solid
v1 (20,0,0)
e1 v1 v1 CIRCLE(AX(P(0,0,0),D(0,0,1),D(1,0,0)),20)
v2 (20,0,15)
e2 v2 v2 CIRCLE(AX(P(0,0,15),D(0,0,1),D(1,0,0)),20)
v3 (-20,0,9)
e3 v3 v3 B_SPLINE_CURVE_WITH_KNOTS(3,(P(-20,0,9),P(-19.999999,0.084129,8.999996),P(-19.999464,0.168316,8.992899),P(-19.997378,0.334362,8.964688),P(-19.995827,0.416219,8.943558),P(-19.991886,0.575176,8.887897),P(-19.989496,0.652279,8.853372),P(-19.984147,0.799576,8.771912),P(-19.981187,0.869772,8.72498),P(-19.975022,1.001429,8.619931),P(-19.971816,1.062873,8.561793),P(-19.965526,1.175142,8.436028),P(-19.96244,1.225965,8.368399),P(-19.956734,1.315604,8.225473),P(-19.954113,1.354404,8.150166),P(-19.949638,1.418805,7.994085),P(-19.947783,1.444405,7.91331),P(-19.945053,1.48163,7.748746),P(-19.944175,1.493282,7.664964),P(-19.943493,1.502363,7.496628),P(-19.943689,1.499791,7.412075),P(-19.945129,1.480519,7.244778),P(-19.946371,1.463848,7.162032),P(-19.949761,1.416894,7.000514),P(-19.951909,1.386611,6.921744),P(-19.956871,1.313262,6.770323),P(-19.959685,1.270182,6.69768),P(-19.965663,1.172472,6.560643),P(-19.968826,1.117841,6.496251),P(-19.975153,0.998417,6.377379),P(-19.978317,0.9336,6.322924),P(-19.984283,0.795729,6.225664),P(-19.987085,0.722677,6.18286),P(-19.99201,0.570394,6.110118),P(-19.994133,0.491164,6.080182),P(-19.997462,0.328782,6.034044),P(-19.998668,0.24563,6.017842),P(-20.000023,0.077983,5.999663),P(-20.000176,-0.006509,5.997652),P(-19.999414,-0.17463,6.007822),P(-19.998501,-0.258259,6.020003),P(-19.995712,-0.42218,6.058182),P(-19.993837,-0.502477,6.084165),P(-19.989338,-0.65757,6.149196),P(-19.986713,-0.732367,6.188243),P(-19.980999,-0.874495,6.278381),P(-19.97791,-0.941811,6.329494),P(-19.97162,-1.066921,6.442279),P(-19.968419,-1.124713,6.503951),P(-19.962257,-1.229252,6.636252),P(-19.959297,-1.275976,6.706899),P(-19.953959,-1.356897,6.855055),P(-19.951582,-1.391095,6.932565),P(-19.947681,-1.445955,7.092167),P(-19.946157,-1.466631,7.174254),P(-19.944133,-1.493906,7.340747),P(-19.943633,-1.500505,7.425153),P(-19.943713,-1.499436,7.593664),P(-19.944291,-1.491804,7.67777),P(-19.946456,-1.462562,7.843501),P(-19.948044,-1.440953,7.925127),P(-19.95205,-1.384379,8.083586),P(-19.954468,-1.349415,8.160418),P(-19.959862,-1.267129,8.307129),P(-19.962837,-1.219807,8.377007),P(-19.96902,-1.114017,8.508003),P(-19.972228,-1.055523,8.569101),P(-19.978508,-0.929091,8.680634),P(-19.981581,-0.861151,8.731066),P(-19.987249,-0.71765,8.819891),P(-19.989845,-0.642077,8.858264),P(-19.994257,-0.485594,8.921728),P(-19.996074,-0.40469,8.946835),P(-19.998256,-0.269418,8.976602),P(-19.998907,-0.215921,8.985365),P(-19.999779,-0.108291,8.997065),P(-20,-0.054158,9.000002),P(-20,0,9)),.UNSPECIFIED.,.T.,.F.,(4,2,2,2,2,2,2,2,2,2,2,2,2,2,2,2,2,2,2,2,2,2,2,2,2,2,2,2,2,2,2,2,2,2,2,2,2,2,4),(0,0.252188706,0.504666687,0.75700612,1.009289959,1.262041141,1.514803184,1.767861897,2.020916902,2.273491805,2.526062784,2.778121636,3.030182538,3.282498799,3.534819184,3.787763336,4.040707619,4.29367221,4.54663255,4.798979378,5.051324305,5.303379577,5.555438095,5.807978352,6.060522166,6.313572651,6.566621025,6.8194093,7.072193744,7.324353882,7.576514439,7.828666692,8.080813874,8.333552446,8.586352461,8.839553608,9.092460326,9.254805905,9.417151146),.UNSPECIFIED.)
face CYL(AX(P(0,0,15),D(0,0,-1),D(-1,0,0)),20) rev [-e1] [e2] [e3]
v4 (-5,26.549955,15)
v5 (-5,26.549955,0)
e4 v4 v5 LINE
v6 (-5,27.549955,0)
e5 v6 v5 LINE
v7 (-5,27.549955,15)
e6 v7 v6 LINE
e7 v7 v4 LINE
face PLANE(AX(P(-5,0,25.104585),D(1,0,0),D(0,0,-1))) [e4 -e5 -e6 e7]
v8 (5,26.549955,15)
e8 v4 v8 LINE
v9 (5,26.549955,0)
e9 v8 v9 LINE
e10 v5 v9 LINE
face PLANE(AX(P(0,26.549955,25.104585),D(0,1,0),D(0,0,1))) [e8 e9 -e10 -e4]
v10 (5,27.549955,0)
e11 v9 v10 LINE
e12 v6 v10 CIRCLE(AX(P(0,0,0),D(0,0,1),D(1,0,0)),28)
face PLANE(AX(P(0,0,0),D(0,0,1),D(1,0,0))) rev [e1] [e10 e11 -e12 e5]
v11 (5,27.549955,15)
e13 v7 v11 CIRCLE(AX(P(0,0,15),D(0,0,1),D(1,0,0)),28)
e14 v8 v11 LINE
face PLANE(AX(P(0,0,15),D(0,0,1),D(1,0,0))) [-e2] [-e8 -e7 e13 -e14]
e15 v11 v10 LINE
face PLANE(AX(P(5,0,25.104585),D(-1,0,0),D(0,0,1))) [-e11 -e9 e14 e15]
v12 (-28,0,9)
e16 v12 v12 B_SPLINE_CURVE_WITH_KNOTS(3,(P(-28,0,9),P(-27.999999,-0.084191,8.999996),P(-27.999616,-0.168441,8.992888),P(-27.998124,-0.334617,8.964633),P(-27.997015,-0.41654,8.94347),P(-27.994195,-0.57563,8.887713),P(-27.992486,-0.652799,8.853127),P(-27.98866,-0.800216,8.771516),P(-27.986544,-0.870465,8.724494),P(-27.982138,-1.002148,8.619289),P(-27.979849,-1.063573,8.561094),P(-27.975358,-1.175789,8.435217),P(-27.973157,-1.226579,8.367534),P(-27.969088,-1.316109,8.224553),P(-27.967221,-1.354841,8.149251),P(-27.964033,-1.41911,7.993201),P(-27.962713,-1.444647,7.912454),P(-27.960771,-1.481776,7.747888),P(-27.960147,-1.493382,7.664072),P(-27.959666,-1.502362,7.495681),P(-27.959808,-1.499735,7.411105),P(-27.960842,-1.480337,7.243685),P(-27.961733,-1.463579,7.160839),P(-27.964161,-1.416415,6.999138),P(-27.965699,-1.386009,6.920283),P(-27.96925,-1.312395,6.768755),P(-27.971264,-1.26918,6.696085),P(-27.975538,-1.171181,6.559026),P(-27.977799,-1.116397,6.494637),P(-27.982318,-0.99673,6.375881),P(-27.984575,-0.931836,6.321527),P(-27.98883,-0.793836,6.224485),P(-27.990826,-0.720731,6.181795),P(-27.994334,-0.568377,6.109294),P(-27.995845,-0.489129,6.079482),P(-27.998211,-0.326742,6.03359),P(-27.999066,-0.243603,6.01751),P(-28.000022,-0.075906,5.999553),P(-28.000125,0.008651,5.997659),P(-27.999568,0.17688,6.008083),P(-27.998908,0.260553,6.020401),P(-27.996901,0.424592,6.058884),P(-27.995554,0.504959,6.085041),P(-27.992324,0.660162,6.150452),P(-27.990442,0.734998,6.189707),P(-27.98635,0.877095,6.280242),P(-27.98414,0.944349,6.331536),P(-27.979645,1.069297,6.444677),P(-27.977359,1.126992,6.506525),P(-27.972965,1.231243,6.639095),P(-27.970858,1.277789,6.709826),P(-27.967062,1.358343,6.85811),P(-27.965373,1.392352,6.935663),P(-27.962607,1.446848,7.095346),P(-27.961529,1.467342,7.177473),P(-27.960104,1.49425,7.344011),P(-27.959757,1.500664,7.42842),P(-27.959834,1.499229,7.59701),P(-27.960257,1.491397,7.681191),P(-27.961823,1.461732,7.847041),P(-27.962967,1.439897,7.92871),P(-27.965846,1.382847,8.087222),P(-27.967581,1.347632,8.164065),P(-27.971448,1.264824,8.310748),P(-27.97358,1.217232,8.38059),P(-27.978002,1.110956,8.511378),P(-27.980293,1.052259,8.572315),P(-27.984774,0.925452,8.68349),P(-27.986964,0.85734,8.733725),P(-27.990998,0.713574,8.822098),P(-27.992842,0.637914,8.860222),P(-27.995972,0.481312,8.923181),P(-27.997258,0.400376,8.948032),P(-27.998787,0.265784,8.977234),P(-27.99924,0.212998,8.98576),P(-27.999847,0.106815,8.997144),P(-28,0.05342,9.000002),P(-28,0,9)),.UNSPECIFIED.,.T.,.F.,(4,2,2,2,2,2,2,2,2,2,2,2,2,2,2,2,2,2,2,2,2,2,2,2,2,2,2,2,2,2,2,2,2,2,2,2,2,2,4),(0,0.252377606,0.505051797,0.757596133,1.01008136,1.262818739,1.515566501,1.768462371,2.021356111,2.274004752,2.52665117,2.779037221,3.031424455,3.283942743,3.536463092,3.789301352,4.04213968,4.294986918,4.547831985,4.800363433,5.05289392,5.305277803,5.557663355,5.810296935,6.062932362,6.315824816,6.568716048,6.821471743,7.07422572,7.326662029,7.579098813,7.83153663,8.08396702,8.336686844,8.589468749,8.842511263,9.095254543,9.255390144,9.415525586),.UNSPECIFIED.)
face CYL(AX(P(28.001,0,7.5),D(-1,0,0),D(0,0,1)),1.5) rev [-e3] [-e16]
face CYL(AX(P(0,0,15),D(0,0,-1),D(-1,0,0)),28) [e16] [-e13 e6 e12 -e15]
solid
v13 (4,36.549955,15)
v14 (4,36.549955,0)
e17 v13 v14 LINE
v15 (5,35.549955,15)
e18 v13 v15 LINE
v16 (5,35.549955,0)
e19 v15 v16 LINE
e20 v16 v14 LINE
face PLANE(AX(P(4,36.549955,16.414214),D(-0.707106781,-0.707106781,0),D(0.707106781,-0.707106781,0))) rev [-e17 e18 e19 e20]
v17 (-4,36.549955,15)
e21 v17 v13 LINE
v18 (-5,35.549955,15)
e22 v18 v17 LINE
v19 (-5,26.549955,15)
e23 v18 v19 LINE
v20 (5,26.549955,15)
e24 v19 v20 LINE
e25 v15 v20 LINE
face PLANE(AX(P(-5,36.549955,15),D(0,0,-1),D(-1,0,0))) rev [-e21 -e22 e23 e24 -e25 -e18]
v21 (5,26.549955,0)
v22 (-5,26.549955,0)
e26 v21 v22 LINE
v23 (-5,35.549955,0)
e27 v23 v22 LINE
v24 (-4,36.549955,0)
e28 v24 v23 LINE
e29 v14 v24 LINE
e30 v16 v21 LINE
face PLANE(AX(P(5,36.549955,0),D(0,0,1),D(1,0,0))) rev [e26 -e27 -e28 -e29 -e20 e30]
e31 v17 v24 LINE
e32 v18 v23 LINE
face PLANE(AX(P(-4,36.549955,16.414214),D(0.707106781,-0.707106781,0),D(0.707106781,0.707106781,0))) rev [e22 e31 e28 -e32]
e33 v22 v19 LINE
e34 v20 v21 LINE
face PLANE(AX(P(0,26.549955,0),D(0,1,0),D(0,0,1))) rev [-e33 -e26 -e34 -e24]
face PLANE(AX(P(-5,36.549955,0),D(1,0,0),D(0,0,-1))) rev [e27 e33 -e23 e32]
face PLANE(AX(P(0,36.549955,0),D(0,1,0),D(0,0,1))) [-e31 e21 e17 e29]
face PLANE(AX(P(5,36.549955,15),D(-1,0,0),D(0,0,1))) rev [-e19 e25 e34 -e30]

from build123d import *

# Parameters (mm, degrees)
SKETCH1_R               = 28
SKETCH1_R_2             = 20
BOSS_EXTRUDE1_DEPTH     = 15
CUT_EXTRUDE1_REACH      = 66.382
CUT_EXTRUDE1_END_RADIUS = 20
SKETCH2_R               = 1.5
SKETCH3_W               = 5
SKETCH3_H               = 1
CUT_EXTRUDE2_DEPTH      = 15
SKETCH5_W               = 10
SKETCH5_H               = 15
BOSS_EXTRUDE2_DEPTH     = 10
CUT_EXTRUDE3_DEPTH      = 15


with BuildPart() as part:
    # Sketch1 → Boss-Extrude1 (new body)
    with BuildSketch(Plane.XY):
        Circle(SKETCH1_R)
        Circle(SKETCH1_R_2, mode=Mode.SUBTRACT)
    extrude(amount=BOSS_EXTRUDE1_DEPTH)

    # Cut-Extrude1: up to this cylinder (the profile starts outside it)
    cut_extrude1_end = Plane(origin=(0, 0, 7.5), z_dir=(0, 0, -1)) * Cylinder(CUT_EXTRUDE1_END_RADIUS, 173.764, mode=Mode.PRIVATE)
    # Sketch2 → Cut-Extrude1 (cut, up to the surface)
    with BuildSketch(Plane.ZY.offset(28), mode=Mode.PRIVATE) as cut_extrude1_sk1:
        with Locations((7.5, 0)):
            Circle(SKETCH2_R)
    cut_extrude1_tool1 = extrude(cut_extrude1_sk1.sketch, amount=-CUT_EXTRUDE1_REACH, mode=Mode.PRIVATE) - cut_extrude1_end
    add(cut_extrude1_tool1.solids().sort_by_distance((-28, 0, 7.5))[0], mode=Mode.SUBTRACT)

    # Sketch3 → Cut-Extrude2 (cut)
    with BuildSketch(Plane(origin=(0, 0, 0), x_dir=(-1, 0, 0), z_dir=(0, 0, -1))):
        with BuildLine():
            Line((-5, 27.549954628), (0, 27.549954628))
            Line((0, 27.549954628), (0, 28))
            ThreePointArc((0, 28), (-2.510106613, 27.887261694), (-5, 27.549954628))
        make_face()
        with BuildLine():
            Line((0, 28), (0, 27.549954628))
            Line((0, 27.549954628), (5, 27.549954628))
            ThreePointArc((5, 27.549954628), (2.510106613, 27.887261694), (0, 28))
        make_face()
        with Locations((-2.5, 27.049954628)):
            Rectangle(SKETCH3_W, SKETCH3_H)
        with Locations((2.5, 27.049954628)):
            Rectangle(SKETCH3_W, SKETCH3_H)
    extrude(amount=-CUT_EXTRUDE2_DEPTH, mode=Mode.SUBTRACT)


with BuildPart() as body_2:
    # Sketch5 → Boss-Extrude2 (new body)
    with BuildSketch(Plane(origin=(0, 26.549954628, 0), x_dir=(1, 0, 0), z_dir=(0, 1, 0))):
        with Locations((0, -7.5)):
            Rectangle(SKETCH5_W, SKETCH5_H)
    extrude(amount=BOSS_EXTRUDE2_DEPTH)

    # Sketch6 → Cut-Extrude3 (cut)
    with BuildSketch(Plane(origin=(0, 0, 0), x_dir=(-1, 0, 0), z_dir=(0, 0, -1))):
        Polygon((-5, 36.549954628), (-5, 35.549954628), (-4, 36.549954628), align=None)
        Polygon((5, 36.549954628), (4, 36.549954628), (5, 35.549954628), align=None)
    extrude(amount=-CUT_EXTRUDE3_DEPTH, mode=Mode.SUBTRACT)


solid = Compound([part.part, body_2.part])
